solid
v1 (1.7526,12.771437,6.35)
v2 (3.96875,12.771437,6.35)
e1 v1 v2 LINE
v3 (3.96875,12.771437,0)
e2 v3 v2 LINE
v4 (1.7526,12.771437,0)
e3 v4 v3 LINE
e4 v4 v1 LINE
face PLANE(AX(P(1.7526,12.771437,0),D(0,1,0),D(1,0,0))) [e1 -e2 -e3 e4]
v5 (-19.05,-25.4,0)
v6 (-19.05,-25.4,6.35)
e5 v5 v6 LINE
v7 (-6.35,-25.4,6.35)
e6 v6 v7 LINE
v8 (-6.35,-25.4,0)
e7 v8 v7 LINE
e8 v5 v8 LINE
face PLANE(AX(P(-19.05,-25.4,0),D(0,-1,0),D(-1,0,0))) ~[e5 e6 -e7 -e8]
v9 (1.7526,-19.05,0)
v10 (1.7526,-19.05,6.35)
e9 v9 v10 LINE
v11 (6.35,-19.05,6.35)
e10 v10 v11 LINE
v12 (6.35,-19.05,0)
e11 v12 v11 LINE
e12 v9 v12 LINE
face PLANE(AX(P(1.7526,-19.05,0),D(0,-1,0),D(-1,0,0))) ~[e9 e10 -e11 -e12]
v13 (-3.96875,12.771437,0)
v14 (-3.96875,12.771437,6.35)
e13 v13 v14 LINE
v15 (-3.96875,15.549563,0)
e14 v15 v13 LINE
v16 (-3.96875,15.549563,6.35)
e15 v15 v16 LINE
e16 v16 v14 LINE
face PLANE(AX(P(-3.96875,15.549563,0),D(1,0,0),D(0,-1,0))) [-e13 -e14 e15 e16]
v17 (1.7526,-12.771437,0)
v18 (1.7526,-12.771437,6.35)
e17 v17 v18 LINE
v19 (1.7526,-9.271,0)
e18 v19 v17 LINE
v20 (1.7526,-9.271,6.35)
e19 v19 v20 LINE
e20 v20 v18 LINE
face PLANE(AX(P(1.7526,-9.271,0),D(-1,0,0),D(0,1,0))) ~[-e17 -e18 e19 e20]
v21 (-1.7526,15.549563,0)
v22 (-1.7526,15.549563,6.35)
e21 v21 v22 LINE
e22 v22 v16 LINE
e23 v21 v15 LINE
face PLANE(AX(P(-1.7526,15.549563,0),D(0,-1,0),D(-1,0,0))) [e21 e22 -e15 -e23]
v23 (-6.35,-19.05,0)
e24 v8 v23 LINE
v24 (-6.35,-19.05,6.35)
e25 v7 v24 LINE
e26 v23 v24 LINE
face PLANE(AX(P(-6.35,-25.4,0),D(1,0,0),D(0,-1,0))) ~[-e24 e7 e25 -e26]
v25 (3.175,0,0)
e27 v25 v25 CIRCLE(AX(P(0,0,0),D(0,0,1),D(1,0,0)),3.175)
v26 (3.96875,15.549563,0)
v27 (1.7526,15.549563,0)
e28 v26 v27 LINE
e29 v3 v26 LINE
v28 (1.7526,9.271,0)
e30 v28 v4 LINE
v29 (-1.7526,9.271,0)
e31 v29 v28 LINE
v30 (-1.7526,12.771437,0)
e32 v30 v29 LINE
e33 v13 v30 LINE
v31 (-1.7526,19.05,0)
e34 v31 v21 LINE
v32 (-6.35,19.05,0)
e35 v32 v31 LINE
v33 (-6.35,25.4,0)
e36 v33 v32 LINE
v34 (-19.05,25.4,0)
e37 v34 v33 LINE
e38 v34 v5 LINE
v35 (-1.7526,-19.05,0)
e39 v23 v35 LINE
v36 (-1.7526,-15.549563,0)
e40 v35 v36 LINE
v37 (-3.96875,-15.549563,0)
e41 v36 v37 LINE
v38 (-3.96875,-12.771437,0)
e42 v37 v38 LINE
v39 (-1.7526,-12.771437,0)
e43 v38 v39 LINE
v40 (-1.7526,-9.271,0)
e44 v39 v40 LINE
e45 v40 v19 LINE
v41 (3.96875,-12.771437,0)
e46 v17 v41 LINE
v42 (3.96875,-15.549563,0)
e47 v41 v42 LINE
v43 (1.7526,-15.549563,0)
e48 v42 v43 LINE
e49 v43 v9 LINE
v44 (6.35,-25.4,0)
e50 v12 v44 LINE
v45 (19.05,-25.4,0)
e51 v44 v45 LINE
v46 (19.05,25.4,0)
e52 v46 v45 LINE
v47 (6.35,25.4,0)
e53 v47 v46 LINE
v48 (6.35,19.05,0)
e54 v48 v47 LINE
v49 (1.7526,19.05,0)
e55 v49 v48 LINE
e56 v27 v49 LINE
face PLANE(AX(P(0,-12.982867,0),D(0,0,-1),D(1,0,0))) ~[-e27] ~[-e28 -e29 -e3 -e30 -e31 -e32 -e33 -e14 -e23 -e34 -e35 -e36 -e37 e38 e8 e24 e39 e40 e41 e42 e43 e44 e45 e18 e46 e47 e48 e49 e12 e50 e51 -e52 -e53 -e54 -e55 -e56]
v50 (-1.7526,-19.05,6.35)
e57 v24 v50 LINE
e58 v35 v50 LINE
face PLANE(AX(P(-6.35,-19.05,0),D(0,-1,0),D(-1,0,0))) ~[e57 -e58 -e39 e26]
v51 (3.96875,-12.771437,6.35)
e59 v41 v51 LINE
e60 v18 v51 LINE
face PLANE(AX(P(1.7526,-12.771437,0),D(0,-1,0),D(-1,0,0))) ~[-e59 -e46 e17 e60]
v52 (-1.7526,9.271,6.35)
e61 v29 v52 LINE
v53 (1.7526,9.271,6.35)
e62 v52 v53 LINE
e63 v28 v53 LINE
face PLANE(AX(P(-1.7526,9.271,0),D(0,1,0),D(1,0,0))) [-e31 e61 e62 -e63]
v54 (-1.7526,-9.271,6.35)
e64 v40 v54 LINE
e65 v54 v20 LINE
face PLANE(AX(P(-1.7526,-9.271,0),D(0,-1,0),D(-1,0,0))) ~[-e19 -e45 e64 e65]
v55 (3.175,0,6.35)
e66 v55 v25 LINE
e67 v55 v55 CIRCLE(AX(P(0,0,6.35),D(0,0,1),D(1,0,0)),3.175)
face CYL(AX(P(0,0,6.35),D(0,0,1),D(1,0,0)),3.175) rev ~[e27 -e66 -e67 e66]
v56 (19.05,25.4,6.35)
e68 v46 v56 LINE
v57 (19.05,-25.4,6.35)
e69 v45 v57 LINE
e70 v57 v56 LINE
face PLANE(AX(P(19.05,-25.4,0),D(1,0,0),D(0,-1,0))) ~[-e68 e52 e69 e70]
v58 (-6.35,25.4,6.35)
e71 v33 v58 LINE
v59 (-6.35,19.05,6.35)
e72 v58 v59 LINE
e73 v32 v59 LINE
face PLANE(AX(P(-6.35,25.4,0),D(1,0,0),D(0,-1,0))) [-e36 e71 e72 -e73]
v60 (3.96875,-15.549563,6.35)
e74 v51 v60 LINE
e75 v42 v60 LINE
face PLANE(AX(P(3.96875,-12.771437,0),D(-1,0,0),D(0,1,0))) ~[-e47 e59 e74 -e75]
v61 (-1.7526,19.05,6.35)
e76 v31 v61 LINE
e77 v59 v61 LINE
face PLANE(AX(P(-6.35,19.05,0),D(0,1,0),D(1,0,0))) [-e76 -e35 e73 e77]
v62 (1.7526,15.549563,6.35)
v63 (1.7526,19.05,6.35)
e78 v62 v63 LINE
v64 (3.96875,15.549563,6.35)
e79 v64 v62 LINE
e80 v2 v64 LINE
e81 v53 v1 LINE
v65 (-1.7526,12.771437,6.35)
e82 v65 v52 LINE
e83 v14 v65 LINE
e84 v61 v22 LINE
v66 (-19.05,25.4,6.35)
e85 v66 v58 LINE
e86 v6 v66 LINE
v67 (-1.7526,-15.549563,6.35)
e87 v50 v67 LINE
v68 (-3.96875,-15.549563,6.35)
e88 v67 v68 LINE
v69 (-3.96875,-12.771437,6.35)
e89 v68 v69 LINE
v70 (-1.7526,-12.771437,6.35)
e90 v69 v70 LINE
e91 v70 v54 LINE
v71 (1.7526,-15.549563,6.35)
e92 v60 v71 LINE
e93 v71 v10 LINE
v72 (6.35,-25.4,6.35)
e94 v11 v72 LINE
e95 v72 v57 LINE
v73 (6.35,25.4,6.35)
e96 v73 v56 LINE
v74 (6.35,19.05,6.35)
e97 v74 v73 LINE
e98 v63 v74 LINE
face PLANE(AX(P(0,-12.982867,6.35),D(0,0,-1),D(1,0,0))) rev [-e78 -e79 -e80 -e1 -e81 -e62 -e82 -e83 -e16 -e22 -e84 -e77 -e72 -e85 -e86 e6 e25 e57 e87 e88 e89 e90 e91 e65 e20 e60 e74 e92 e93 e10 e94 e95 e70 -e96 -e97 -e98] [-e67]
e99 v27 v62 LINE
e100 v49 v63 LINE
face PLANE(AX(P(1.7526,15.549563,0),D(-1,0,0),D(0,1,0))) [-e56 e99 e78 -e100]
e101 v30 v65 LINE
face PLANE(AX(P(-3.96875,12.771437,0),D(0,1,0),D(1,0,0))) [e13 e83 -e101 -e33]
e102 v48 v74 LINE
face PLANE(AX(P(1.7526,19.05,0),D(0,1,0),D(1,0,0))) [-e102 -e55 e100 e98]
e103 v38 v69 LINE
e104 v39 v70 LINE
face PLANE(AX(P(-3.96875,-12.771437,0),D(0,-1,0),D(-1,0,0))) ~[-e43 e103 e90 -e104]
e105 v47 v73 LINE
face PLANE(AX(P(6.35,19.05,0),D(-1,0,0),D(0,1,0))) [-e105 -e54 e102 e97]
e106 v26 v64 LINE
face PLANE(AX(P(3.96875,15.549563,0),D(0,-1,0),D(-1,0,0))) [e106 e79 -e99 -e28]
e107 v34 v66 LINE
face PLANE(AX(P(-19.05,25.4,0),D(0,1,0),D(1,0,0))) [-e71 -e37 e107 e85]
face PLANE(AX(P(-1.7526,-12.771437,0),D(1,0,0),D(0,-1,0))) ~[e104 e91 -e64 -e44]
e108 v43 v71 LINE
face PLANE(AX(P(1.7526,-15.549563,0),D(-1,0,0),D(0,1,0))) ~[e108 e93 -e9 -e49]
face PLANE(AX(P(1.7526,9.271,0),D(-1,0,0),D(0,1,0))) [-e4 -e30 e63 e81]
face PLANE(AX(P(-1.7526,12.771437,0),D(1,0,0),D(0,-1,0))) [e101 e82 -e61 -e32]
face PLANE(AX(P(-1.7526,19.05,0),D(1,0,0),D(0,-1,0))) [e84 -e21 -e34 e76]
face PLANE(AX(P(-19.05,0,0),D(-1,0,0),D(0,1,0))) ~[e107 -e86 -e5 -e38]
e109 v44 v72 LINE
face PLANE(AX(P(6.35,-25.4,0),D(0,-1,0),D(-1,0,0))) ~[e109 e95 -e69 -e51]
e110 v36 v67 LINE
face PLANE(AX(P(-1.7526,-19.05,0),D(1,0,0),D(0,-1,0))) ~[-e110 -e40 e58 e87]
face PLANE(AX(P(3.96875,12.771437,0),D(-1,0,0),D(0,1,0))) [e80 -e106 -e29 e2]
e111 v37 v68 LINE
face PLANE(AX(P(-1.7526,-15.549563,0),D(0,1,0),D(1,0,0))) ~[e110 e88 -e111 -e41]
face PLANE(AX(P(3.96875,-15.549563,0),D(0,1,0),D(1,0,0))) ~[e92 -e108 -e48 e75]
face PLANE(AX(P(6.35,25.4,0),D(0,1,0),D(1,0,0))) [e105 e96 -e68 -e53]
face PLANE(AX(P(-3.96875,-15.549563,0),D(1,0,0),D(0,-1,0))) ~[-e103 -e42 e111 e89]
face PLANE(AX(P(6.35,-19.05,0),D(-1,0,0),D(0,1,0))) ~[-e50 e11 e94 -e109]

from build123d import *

# Parameters (mm, degrees)
BOSS_EXTRUDE1_DEPTH = 6.35
SKETCH3_R           = 3.175
CUT_EXTRUDE1_DEPTH  = 33.378773911


with BuildPart() as part:
    # Sketch2 → Boss-Extrude1 (new body)
    with BuildSketch(Plane.XY):
        Polygon((-19.05, 0), (-19.05, 25.4), (-6.35, 25.4), (-6.35, 19.05), (-1.7526, 19.05), (-1.7526, 15.5495625), (-3.96875, 15.5495625), (-3.96875, 12.7714375), (-1.7526, 12.7714375), (-1.7526, 9.271), (1.7526, 9.271), (1.7526, 12.7714375), (3.96875, 12.7714375), (3.96875, 15.5495625), (1.7526, 15.5495625), (1.7526, 19.05), (6.35, 19.05), (6.35, 25.4), (19.05, 25.4), (19.05, 0), align=None)
    boss_extrude1 = extrude(amount=BOSS_EXTRUDE1_DEPTH)

    # Mirror1: Boss-Extrude1 across plane
    add(boss_extrude1.mirror(Plane(origin=(-19.05, 0, 6.35), x_dir=(0, 0, 1), z_dir=(0, 1, 0))))

    # Sketch3 → Cut-Extrude1 (cut, through all)
    with BuildSketch(Plane.XY.offset(6.35)):
        Circle(SKETCH3_R)
    extrude(amount=-CUT_EXTRUDE1_DEPTH, mode=Mode.SUBTRACT)


solid = part.part
